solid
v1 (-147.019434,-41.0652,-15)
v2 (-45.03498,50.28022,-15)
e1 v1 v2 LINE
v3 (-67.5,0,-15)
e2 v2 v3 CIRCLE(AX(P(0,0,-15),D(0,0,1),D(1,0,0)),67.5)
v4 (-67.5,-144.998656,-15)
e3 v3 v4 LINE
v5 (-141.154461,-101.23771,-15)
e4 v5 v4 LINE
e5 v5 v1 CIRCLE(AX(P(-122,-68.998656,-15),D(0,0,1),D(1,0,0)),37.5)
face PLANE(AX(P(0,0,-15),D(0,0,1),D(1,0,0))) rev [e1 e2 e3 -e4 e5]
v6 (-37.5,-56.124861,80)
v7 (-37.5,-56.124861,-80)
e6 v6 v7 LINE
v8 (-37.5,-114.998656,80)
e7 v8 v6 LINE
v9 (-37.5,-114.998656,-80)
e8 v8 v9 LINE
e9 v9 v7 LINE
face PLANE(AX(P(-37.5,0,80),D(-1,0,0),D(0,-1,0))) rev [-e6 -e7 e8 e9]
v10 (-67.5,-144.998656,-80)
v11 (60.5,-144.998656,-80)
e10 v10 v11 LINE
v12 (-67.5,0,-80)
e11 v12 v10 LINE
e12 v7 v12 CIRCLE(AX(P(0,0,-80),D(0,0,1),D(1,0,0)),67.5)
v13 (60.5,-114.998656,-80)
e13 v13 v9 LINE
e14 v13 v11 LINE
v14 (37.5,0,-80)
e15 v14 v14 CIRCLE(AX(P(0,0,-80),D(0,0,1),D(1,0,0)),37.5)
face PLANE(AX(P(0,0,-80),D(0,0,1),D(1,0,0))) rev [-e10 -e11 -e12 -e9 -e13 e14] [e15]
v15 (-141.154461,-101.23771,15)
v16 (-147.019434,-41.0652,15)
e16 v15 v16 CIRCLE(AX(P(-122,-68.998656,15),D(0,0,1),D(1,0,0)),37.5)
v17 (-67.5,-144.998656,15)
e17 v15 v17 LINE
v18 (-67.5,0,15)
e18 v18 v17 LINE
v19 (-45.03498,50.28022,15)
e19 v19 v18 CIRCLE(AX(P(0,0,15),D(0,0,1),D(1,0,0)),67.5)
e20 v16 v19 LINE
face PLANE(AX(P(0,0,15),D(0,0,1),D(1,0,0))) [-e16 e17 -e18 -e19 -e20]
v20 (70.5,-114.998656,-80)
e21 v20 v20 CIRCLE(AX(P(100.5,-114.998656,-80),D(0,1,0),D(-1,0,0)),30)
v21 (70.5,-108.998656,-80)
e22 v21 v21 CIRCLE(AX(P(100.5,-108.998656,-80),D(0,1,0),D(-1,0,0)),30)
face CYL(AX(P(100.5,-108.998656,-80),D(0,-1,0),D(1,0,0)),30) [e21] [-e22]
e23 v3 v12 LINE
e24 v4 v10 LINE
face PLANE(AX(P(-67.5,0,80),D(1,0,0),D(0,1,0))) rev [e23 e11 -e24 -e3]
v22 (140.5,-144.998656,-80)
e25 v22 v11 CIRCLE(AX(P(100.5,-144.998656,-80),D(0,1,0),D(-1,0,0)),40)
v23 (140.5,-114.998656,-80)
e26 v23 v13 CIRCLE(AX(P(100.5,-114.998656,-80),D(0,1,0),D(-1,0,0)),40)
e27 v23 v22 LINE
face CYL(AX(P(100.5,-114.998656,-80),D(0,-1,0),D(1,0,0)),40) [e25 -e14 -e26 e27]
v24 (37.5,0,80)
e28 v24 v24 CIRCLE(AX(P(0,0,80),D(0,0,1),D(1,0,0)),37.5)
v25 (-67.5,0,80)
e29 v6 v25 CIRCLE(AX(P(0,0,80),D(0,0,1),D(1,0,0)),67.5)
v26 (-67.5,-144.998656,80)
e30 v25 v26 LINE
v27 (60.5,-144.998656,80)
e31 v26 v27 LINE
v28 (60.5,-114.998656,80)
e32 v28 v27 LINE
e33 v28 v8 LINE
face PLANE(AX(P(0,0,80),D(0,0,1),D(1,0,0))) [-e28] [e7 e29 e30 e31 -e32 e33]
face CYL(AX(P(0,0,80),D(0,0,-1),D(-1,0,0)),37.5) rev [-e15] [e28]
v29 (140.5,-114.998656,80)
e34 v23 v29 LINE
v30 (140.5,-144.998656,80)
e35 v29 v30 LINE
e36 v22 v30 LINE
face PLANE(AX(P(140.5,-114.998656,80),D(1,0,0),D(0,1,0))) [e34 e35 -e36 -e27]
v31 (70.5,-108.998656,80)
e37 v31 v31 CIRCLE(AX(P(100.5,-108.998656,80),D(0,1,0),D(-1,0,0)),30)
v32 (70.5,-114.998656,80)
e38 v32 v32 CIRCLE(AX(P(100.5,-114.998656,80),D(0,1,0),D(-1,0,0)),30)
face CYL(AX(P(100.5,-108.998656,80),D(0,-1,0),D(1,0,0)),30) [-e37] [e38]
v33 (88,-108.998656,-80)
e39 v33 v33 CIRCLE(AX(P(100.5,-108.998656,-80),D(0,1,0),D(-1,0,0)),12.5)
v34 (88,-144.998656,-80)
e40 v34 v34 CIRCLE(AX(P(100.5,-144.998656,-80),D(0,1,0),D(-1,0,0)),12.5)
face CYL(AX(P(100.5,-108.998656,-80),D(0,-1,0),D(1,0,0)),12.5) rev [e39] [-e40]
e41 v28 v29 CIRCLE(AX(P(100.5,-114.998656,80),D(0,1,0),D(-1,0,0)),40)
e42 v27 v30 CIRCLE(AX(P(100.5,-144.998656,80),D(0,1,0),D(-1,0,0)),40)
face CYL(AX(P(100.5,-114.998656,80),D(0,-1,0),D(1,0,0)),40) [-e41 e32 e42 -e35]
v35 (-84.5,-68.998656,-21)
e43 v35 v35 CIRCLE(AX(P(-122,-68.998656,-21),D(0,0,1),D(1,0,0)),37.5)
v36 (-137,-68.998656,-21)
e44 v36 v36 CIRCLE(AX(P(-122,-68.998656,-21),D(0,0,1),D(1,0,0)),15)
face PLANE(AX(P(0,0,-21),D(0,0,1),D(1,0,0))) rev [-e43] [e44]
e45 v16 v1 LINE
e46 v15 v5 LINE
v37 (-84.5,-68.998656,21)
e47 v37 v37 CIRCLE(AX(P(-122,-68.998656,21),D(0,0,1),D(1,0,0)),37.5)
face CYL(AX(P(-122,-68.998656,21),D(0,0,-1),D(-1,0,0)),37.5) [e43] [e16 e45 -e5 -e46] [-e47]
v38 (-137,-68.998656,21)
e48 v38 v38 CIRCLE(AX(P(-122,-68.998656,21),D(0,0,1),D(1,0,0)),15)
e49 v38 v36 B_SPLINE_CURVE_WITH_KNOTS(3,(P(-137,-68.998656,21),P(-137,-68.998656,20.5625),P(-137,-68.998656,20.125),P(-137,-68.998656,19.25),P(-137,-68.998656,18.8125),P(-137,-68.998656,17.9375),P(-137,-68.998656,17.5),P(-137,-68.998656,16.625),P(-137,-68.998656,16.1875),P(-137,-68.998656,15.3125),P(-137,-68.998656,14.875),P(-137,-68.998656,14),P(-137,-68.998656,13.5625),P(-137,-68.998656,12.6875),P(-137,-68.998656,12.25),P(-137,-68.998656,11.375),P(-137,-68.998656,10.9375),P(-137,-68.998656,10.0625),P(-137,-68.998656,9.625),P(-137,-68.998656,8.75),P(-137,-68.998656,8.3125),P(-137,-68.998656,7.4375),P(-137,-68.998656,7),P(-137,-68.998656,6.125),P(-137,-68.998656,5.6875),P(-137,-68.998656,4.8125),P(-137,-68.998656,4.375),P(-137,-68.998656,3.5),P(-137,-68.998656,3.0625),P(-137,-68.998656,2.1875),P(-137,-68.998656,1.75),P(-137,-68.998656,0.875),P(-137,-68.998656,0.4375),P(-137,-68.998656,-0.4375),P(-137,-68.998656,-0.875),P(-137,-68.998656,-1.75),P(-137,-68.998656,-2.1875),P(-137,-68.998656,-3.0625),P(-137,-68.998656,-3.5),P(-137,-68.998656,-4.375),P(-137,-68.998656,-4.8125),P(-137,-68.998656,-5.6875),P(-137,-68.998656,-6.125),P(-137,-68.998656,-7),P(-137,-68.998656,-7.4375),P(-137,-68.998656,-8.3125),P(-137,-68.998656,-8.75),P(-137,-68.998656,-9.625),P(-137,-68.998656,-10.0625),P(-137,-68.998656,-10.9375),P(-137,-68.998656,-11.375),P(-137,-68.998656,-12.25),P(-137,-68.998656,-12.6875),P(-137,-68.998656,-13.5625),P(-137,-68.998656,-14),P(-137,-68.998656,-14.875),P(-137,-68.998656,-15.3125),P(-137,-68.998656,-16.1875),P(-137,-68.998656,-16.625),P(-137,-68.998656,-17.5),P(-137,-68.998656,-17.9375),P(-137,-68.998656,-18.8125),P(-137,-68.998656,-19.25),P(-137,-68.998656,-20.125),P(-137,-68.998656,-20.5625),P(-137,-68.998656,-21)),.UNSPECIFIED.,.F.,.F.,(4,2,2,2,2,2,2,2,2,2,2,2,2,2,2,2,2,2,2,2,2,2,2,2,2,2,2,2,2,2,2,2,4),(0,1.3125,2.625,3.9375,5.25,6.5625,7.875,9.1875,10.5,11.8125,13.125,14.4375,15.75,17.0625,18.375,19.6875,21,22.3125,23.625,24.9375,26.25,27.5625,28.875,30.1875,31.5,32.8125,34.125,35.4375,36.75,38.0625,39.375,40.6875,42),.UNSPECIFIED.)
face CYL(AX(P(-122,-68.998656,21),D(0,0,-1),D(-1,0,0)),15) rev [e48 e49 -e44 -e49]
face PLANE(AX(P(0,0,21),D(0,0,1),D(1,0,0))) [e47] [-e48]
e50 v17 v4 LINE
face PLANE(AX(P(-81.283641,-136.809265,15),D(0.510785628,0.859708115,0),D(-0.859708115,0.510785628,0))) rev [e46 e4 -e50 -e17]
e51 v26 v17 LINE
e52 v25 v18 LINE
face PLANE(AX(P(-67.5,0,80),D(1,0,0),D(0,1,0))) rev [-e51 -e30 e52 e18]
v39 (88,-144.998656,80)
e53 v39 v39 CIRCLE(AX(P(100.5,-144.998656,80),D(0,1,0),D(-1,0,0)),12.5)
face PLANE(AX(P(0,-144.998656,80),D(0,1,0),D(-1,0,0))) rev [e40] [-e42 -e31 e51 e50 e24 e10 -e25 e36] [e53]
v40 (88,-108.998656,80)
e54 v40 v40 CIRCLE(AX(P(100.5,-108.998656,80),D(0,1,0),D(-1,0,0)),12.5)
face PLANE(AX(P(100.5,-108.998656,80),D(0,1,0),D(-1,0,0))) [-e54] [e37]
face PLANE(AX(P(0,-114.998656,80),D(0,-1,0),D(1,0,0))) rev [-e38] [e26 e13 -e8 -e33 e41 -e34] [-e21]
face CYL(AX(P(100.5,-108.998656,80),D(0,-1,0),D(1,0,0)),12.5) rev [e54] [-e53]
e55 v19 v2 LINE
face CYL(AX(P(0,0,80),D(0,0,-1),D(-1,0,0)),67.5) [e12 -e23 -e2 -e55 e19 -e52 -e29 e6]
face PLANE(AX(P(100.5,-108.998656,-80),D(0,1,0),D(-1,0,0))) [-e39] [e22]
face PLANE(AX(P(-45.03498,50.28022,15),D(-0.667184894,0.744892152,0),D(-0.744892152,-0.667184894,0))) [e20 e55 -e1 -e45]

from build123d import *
from build123d.topology import SkipClean

# Parameters (mm, degrees)
SKETCH1_R            = 67.5
SKETCH1_R_2          = 37.5
SKETCH1_W            = 80
SKETCH1_H            = 30
BOSS_EXTRUDE3_DEPTH  = 80
BOSS_EXTRUDE4_DEPTH  = 15
SKETCH1_6_R          = 37.5
SKETCH1_6_R_2        = 15
BOSS_EXTRUDE5_DEPTH  = 21
BOSS_EXTRUDE13_START = -30
BOSS_EXTRUDE13_DEPTH = 30
BOSS_EXTRUDE14_START = -30
BOSS_EXTRUDE14_DEPTH = 36
SKETCH3_11_R         = 12.5
CUT_EXTRUDE3_DEPTH   = 271.45518904


with BuildPart() as part:
    # Sketch1 → Boss-Extrude3 (new, symmetric)
    # profile 1 of 3: a face of its own
    with BuildSketch(Plane.XY):
        with BuildLine():
            ThreePointArc((-37.5, -56.124860802), (-59.529404499, -31.819805153), (-67.5, 0))
            Line((-67.5, 0), (-67.5, -144.998655553))
            Line((-67.5, -144.998655553), (20.5, -144.998655553))
            Line((20.5, -144.998655553), (20.5, -114.998655553))
            Line((20.5, -114.998655553), (-37.5, -114.998655553))
            Line((-37.5, -114.998655553), (-37.5, -56.124860802))
        make_face()
    # profile 2 of 3: a face of its own
    with BuildSketch(Plane.XY):
        Circle(SKETCH1_R)
        Circle(SKETCH1_R_2, mode=Mode.SUBTRACT)
    # profile 3 of 3: a face of its own
    with BuildSketch(Plane.XY):
        with Locations((60.5, -129.998655553)):
            Rectangle(SKETCH1_W, SKETCH1_H)
    extrude(amount=BOSS_EXTRUDE3_DEPTH, both=True)

    # Sketch1<5> → Boss-Extrude4 (add, symmetric)
    with BuildSketch(Plane.XY):
        with BuildLine():
            Line((-67.5, -144.998655553), (-67.5, 0))
            ThreePointArc((-67.5, 0), (-61.628366728, 27.535330295), (-45.034980312, 50.280220249))
            Line((-45.034980312, 50.280220249), (-147.019433507, -41.065199859))
            ThreePointArc((-147.019433507, -41.065199859), (-106.70259428, -34.760674037), (-84.5, -68.998655553))
            ThreePointArc((-84.5, -68.998655553), (-103.453333037, -101.591156907), (-141.154461042, -101.237709853))
            Line((-141.154461042, -101.237709853), (-67.5, -144.998655553))
        make_face()
    extrude(amount=BOSS_EXTRUDE4_DEPTH, both=True)

    # Sketch1<6> → Boss-Extrude5 (add, symmetric)
    with BuildSketch(Plane.XY):
        with Locations((-122, -68.998655553)):
            Circle(SKETCH1_6_R)
        with Locations(Location((-122, -68.998655553, 0), (0, 0, 180))):
            Circle(SKETCH1_6_R_2, mode=Mode.SUBTRACT)
    extrude(amount=BOSS_EXTRUDE5_DEPTH, both=True)

    # Sketch3 → Boss-Extrude13 (add)
    with BuildSketch(Plane(origin=(0, -114.998655553, 0), x_dir=(1, 0, 0), z_dir=(0, 1, 0)).offset(BOSS_EXTRUDE13_START)):
        with BuildLine():
            Line((100.5, 40), (100.5, 0))
            Line((100.5, 0), (140.5, 0))
            Line((140.5, 0), (140.5, 80))
            Line((140.5, 80), (130.5, 80))
            ThreePointArc((130.5, 80), (121.713203436, 58.786796564), (100.5, 50))
            Line((100.5, 50), (100.5, 40))
        make_face()
        with BuildLine():
            Line((140.5, 0), (100.5, 0))
            Line((100.5, 0), (100.5, -40))
            Line((100.5, -40), (100.5, -50))
            ThreePointArc((100.5, -50), (121.713203436, -58.786796564), (130.5, -80))
            ThreePointArc((130.5, -80), (100.5, -110), (70.5, -80))
            Line((70.5, -80), (60.5, -80))
            ThreePointArc((60.5, -80), (100.5, -120), (140.5, -80))
            Line((140.5, -80), (140.5, 0))
        make_face()
        with BuildLine():
            Line((130.5, 80), (140.5, 80))
            ThreePointArc((140.5, 80), (100.5, 120), (60.5, 80))
            Line((60.5, 80), (70.5, 80))
            ThreePointArc((70.5, 80), (100.5, 110), (130.5, 80))
        make_face()
    extrude(amount=BOSS_EXTRUDE13_DEPTH)

    # Sketch3<10> → Boss-Extrude14 (add)
    with BuildSketch(Plane(origin=(0, -114.998655553, 0), x_dir=(1, 0, 0), z_dir=(0, 1, 0)).offset(BOSS_EXTRUDE14_START)):
        with BuildLine():
            Line((88, -80), (70.5, -80))
            ThreePointArc((70.5, -80), (100.5, -110), (130.5, -80))
            ThreePointArc((130.5, -80), (121.713203436, -58.786796564), (100.5, -50))
            Line((100.5, -50), (100.5, -67.5))
            ThreePointArc((100.5, -67.5), (109.338834765, -71.161165235), (113, -80))
            ThreePointArc((113, -80), (100.5, -92.5), (88, -80))
        make_face()
        with BuildLine():
            ThreePointArc((100.5, -50), (79.286796564, -58.786796564), (70.5, -80))
            Line((70.5, -80), (88, -80))
            ThreePointArc((88, -80), (91.661165235, -71.161165235), (100.5, -67.5))
            Line((100.5, -67.5), (100.5, -50))
        make_face()
        with BuildLine():
            Line((113, 80), (130.5, 80))
            ThreePointArc((130.5, 80), (100.5, 110), (70.5, 80))
            Line((70.5, 80), (88, 80))
            ThreePointArc((88, 80), (100.5, 92.5), (113, 80))
        make_face()
        with BuildLine():
            ThreePointArc((100.5, 50), (121.713203436, 58.786796564), (130.5, 80))
            Line((130.5, 80), (113, 80))
            ThreePointArc((113, 80), (109.338834765, 71.161165235), (100.5, 67.5))
            Line((100.5, 67.5), (100.5, 50))
        make_face()
        with BuildLine():
            Line((88, 80), (70.5, 80))
            ThreePointArc((70.5, 80), (79.286796564, 58.786796564), (100.5, 50))
            Line((100.5, 50), (100.5, 67.5))
            ThreePointArc((100.5, 67.5), (91.661165235, 71.161165235), (88, 80))
        make_face()
    extrude(amount=BOSS_EXTRUDE14_DEPTH)

    # Sketch3<11> → Cut-Extrude3 (cut, through all)
    with SkipClean():  # the faces are left unmerged after this step: merging them gives an invalid solid
        with BuildSketch(Plane(origin=(0, -114.998655553, 0), x_dir=(1, 0, 0), z_dir=(0, 1, 0))):
            with Locations(Location((100.5, -80, 0), (0, 0, 180))):
                Circle(SKETCH3_11_R)
            with Locations(Location((100.5, 80, 0), (0, 0, 180))):
                Circle(SKETCH3_11_R)
        extrude(amount=-CUT_EXTRUDE3_DEPTH, mode=Mode.SUBTRACT)


solid = part.part
